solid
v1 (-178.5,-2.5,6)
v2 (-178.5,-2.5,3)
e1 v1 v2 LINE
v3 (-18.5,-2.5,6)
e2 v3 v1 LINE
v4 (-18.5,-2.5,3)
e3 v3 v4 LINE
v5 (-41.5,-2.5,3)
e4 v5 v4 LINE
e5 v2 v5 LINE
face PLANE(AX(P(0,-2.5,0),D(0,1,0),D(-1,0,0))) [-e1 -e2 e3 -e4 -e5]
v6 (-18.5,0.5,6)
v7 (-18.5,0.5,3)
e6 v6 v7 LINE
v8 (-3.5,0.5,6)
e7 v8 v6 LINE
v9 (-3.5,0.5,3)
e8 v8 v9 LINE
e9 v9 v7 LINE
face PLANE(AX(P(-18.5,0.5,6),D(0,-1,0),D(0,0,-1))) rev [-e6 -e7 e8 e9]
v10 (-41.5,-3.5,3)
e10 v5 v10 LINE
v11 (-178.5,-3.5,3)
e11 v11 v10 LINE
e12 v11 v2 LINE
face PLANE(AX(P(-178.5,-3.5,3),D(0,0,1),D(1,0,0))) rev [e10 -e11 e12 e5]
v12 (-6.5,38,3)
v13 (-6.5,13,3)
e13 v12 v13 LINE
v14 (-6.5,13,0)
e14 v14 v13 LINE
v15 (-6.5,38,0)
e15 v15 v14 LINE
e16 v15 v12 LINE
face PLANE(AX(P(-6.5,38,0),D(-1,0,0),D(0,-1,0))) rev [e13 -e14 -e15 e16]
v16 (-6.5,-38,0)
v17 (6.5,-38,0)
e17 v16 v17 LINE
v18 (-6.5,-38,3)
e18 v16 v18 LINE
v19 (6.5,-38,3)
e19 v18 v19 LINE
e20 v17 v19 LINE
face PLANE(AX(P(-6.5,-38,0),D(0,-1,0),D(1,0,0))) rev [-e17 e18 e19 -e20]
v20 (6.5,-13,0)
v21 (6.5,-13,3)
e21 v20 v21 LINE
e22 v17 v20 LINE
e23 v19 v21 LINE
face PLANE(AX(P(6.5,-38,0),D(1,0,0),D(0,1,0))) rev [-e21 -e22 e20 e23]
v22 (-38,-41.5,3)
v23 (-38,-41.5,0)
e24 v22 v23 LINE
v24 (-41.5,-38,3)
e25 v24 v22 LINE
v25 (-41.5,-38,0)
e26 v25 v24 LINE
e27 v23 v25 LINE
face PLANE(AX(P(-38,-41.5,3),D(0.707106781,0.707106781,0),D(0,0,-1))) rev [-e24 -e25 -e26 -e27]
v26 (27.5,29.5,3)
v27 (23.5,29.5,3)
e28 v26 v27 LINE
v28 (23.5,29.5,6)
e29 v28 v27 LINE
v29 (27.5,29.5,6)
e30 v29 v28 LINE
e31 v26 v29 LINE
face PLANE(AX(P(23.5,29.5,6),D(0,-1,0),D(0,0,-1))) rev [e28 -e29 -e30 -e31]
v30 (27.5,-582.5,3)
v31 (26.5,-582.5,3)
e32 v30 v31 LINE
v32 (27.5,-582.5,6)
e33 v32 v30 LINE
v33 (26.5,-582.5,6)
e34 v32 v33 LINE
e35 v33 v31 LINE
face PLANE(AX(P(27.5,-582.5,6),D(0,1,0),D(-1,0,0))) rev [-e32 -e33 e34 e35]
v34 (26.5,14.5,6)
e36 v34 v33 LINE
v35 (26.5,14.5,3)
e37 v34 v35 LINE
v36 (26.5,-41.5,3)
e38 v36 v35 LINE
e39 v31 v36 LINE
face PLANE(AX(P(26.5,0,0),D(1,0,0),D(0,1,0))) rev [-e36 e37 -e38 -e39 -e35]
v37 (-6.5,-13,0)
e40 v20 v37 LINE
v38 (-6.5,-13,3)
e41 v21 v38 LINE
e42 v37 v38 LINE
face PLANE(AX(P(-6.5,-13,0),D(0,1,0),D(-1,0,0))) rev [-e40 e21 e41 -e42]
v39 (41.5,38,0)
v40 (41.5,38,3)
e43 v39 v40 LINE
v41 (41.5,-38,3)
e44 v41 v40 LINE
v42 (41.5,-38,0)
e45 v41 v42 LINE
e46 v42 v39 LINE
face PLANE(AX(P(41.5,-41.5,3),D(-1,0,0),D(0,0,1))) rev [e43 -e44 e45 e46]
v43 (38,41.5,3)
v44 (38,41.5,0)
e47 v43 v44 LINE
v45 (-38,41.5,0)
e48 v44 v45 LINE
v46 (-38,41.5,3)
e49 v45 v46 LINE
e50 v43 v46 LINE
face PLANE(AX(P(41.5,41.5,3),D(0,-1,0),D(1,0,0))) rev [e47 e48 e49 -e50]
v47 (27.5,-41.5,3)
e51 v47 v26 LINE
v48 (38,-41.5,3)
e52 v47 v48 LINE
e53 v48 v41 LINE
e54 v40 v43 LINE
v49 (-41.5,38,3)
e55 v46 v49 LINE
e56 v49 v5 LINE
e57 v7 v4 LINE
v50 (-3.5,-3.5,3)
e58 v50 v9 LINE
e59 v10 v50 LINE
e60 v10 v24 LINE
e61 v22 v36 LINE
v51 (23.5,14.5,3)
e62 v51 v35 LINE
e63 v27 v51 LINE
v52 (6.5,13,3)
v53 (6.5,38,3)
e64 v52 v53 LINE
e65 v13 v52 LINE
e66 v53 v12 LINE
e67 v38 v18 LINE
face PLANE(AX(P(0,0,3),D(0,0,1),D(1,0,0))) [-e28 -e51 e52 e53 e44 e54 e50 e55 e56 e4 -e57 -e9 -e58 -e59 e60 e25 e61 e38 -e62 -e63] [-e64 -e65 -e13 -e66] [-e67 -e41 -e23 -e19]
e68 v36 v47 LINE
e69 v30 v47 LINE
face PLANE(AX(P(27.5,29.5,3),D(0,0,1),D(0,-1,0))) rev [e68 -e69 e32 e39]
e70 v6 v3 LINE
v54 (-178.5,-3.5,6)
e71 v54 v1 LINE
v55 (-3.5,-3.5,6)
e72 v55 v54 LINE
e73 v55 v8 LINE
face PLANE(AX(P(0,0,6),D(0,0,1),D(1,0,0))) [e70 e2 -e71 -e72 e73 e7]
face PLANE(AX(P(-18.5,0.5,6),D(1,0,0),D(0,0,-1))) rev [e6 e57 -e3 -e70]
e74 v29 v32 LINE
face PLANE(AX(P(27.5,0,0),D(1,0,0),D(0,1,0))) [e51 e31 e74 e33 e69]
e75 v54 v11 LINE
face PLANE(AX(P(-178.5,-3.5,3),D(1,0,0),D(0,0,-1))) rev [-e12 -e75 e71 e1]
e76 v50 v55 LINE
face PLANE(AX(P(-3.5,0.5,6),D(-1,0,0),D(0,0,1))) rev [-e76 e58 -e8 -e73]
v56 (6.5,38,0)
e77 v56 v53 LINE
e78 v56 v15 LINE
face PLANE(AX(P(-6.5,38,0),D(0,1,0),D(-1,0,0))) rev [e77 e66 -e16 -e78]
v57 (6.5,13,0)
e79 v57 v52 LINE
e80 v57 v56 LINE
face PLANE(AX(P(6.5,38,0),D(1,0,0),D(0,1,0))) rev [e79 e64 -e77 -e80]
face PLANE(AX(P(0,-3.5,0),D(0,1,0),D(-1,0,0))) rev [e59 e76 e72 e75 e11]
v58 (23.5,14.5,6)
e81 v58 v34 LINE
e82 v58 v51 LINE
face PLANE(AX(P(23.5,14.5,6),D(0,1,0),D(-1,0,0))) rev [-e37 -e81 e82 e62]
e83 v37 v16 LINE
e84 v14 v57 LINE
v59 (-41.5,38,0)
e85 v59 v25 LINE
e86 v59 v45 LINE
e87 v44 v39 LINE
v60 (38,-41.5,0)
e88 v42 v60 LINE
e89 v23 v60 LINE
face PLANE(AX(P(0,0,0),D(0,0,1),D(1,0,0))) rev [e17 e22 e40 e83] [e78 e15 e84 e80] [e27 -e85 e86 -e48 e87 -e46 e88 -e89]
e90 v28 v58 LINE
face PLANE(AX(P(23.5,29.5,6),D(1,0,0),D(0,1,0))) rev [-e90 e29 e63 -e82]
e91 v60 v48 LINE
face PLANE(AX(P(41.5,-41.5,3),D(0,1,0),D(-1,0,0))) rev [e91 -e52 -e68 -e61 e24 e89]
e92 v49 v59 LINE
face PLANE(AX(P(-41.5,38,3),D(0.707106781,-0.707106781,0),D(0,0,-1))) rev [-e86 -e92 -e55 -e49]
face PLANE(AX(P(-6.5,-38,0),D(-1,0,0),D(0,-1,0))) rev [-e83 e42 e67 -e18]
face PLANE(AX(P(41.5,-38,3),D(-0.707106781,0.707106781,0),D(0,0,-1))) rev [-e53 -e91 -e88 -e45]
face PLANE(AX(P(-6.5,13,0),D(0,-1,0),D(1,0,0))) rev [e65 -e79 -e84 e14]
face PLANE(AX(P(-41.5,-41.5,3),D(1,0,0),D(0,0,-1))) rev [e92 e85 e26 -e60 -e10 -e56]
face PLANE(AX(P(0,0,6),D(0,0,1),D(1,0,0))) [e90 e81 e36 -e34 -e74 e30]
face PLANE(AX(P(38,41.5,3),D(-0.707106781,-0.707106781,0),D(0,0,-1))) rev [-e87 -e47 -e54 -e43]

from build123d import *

# Parameters (mm, degrees)
SKETCH1_W           = 83
SKETCH1_H           = 83
BOSS_EXTRUDE1_DEPTH = 3
SKETCH2_W           = 13
SKETCH2_H           = 25
CUT_EXTRUDE1_DEPTH  = 3
CHAMFER1_SIZE       = 3.5
SKETCH3_W           = 15
SKETCH3_H           = 3
SKETCH3_W_2         = 3
SKETCH3_H_2         = 15
BOSS_EXTRUDE2_DEPTH = 3
SKETCH5_W           = 175
SKETCH5_H           = 3
BOSS_EXTRUDE4_DEPTH = 1
SKETCH6_W           = 3
SKETCH6_H           = 612
BOSS_EXTRUDE5_DEPTH = 1


with BuildPart() as part:
    # Sketch1 → Boss-Extrude1 (new body)
    with BuildSketch(Plane.XY):
        Rectangle(SKETCH1_W, SKETCH1_H)
    extrude(amount=BOSS_EXTRUDE1_DEPTH)

    # Sketch2 → Cut-Extrude1 (cut)
    with BuildSketch(Plane.XY.offset(3)):
        with Locations((0, 25.5)):
            Rectangle(SKETCH2_W, SKETCH2_H)
        with Locations((0, -25.5)):
            Rectangle(SKETCH2_W, SKETCH2_H)
    extrude(amount=-CUT_EXTRUDE1_DEPTH, mode=Mode.SUBTRACT)

    # Chamfer1
    chamfer1_edges = [part.edges().sort_by_distance(p)[0] for p in [
        (-41.5, 41.5, 1.5),
        (41.5, 41.5, 1.5),
        (41.5, -41.5, 1.5),
        (-41.5, -41.5, 1.5),
    ]]
    chamfer(chamfer1_edges, length=CHAMFER1_SIZE)

    # Sketch3 → Boss-Extrude2 (add)
    with BuildSketch(Plane.XY.offset(3)):
        with Locations((-11, -1)):
            Rectangle(SKETCH3_W, SKETCH3_H)
        with Locations((25, 22)):
            Rectangle(SKETCH3_W_2, SKETCH3_H_2)
    extrude(amount=BOSS_EXTRUDE2_DEPTH)

    # Sketch5 → Boss-Extrude4 (add)
    with BuildSketch(Plane.XZ.offset(2.5)):
        with Locations((-91, 4.5)):
            Rectangle(SKETCH5_W, SKETCH5_H)
    extrude(amount=BOSS_EXTRUDE4_DEPTH)

    # Sketch6 → Boss-Extrude5 (add)
    with BuildSketch(Plane(origin=(26.5, 0, 0), x_dir=(0, 0, -1), z_dir=(1, 0, 0))):
        with Locations((-4.5, -276.5)):
            Rectangle(SKETCH6_W, SKETCH6_H)
    extrude(amount=BOSS_EXTRUDE5_DEPTH)


solid = part.part
